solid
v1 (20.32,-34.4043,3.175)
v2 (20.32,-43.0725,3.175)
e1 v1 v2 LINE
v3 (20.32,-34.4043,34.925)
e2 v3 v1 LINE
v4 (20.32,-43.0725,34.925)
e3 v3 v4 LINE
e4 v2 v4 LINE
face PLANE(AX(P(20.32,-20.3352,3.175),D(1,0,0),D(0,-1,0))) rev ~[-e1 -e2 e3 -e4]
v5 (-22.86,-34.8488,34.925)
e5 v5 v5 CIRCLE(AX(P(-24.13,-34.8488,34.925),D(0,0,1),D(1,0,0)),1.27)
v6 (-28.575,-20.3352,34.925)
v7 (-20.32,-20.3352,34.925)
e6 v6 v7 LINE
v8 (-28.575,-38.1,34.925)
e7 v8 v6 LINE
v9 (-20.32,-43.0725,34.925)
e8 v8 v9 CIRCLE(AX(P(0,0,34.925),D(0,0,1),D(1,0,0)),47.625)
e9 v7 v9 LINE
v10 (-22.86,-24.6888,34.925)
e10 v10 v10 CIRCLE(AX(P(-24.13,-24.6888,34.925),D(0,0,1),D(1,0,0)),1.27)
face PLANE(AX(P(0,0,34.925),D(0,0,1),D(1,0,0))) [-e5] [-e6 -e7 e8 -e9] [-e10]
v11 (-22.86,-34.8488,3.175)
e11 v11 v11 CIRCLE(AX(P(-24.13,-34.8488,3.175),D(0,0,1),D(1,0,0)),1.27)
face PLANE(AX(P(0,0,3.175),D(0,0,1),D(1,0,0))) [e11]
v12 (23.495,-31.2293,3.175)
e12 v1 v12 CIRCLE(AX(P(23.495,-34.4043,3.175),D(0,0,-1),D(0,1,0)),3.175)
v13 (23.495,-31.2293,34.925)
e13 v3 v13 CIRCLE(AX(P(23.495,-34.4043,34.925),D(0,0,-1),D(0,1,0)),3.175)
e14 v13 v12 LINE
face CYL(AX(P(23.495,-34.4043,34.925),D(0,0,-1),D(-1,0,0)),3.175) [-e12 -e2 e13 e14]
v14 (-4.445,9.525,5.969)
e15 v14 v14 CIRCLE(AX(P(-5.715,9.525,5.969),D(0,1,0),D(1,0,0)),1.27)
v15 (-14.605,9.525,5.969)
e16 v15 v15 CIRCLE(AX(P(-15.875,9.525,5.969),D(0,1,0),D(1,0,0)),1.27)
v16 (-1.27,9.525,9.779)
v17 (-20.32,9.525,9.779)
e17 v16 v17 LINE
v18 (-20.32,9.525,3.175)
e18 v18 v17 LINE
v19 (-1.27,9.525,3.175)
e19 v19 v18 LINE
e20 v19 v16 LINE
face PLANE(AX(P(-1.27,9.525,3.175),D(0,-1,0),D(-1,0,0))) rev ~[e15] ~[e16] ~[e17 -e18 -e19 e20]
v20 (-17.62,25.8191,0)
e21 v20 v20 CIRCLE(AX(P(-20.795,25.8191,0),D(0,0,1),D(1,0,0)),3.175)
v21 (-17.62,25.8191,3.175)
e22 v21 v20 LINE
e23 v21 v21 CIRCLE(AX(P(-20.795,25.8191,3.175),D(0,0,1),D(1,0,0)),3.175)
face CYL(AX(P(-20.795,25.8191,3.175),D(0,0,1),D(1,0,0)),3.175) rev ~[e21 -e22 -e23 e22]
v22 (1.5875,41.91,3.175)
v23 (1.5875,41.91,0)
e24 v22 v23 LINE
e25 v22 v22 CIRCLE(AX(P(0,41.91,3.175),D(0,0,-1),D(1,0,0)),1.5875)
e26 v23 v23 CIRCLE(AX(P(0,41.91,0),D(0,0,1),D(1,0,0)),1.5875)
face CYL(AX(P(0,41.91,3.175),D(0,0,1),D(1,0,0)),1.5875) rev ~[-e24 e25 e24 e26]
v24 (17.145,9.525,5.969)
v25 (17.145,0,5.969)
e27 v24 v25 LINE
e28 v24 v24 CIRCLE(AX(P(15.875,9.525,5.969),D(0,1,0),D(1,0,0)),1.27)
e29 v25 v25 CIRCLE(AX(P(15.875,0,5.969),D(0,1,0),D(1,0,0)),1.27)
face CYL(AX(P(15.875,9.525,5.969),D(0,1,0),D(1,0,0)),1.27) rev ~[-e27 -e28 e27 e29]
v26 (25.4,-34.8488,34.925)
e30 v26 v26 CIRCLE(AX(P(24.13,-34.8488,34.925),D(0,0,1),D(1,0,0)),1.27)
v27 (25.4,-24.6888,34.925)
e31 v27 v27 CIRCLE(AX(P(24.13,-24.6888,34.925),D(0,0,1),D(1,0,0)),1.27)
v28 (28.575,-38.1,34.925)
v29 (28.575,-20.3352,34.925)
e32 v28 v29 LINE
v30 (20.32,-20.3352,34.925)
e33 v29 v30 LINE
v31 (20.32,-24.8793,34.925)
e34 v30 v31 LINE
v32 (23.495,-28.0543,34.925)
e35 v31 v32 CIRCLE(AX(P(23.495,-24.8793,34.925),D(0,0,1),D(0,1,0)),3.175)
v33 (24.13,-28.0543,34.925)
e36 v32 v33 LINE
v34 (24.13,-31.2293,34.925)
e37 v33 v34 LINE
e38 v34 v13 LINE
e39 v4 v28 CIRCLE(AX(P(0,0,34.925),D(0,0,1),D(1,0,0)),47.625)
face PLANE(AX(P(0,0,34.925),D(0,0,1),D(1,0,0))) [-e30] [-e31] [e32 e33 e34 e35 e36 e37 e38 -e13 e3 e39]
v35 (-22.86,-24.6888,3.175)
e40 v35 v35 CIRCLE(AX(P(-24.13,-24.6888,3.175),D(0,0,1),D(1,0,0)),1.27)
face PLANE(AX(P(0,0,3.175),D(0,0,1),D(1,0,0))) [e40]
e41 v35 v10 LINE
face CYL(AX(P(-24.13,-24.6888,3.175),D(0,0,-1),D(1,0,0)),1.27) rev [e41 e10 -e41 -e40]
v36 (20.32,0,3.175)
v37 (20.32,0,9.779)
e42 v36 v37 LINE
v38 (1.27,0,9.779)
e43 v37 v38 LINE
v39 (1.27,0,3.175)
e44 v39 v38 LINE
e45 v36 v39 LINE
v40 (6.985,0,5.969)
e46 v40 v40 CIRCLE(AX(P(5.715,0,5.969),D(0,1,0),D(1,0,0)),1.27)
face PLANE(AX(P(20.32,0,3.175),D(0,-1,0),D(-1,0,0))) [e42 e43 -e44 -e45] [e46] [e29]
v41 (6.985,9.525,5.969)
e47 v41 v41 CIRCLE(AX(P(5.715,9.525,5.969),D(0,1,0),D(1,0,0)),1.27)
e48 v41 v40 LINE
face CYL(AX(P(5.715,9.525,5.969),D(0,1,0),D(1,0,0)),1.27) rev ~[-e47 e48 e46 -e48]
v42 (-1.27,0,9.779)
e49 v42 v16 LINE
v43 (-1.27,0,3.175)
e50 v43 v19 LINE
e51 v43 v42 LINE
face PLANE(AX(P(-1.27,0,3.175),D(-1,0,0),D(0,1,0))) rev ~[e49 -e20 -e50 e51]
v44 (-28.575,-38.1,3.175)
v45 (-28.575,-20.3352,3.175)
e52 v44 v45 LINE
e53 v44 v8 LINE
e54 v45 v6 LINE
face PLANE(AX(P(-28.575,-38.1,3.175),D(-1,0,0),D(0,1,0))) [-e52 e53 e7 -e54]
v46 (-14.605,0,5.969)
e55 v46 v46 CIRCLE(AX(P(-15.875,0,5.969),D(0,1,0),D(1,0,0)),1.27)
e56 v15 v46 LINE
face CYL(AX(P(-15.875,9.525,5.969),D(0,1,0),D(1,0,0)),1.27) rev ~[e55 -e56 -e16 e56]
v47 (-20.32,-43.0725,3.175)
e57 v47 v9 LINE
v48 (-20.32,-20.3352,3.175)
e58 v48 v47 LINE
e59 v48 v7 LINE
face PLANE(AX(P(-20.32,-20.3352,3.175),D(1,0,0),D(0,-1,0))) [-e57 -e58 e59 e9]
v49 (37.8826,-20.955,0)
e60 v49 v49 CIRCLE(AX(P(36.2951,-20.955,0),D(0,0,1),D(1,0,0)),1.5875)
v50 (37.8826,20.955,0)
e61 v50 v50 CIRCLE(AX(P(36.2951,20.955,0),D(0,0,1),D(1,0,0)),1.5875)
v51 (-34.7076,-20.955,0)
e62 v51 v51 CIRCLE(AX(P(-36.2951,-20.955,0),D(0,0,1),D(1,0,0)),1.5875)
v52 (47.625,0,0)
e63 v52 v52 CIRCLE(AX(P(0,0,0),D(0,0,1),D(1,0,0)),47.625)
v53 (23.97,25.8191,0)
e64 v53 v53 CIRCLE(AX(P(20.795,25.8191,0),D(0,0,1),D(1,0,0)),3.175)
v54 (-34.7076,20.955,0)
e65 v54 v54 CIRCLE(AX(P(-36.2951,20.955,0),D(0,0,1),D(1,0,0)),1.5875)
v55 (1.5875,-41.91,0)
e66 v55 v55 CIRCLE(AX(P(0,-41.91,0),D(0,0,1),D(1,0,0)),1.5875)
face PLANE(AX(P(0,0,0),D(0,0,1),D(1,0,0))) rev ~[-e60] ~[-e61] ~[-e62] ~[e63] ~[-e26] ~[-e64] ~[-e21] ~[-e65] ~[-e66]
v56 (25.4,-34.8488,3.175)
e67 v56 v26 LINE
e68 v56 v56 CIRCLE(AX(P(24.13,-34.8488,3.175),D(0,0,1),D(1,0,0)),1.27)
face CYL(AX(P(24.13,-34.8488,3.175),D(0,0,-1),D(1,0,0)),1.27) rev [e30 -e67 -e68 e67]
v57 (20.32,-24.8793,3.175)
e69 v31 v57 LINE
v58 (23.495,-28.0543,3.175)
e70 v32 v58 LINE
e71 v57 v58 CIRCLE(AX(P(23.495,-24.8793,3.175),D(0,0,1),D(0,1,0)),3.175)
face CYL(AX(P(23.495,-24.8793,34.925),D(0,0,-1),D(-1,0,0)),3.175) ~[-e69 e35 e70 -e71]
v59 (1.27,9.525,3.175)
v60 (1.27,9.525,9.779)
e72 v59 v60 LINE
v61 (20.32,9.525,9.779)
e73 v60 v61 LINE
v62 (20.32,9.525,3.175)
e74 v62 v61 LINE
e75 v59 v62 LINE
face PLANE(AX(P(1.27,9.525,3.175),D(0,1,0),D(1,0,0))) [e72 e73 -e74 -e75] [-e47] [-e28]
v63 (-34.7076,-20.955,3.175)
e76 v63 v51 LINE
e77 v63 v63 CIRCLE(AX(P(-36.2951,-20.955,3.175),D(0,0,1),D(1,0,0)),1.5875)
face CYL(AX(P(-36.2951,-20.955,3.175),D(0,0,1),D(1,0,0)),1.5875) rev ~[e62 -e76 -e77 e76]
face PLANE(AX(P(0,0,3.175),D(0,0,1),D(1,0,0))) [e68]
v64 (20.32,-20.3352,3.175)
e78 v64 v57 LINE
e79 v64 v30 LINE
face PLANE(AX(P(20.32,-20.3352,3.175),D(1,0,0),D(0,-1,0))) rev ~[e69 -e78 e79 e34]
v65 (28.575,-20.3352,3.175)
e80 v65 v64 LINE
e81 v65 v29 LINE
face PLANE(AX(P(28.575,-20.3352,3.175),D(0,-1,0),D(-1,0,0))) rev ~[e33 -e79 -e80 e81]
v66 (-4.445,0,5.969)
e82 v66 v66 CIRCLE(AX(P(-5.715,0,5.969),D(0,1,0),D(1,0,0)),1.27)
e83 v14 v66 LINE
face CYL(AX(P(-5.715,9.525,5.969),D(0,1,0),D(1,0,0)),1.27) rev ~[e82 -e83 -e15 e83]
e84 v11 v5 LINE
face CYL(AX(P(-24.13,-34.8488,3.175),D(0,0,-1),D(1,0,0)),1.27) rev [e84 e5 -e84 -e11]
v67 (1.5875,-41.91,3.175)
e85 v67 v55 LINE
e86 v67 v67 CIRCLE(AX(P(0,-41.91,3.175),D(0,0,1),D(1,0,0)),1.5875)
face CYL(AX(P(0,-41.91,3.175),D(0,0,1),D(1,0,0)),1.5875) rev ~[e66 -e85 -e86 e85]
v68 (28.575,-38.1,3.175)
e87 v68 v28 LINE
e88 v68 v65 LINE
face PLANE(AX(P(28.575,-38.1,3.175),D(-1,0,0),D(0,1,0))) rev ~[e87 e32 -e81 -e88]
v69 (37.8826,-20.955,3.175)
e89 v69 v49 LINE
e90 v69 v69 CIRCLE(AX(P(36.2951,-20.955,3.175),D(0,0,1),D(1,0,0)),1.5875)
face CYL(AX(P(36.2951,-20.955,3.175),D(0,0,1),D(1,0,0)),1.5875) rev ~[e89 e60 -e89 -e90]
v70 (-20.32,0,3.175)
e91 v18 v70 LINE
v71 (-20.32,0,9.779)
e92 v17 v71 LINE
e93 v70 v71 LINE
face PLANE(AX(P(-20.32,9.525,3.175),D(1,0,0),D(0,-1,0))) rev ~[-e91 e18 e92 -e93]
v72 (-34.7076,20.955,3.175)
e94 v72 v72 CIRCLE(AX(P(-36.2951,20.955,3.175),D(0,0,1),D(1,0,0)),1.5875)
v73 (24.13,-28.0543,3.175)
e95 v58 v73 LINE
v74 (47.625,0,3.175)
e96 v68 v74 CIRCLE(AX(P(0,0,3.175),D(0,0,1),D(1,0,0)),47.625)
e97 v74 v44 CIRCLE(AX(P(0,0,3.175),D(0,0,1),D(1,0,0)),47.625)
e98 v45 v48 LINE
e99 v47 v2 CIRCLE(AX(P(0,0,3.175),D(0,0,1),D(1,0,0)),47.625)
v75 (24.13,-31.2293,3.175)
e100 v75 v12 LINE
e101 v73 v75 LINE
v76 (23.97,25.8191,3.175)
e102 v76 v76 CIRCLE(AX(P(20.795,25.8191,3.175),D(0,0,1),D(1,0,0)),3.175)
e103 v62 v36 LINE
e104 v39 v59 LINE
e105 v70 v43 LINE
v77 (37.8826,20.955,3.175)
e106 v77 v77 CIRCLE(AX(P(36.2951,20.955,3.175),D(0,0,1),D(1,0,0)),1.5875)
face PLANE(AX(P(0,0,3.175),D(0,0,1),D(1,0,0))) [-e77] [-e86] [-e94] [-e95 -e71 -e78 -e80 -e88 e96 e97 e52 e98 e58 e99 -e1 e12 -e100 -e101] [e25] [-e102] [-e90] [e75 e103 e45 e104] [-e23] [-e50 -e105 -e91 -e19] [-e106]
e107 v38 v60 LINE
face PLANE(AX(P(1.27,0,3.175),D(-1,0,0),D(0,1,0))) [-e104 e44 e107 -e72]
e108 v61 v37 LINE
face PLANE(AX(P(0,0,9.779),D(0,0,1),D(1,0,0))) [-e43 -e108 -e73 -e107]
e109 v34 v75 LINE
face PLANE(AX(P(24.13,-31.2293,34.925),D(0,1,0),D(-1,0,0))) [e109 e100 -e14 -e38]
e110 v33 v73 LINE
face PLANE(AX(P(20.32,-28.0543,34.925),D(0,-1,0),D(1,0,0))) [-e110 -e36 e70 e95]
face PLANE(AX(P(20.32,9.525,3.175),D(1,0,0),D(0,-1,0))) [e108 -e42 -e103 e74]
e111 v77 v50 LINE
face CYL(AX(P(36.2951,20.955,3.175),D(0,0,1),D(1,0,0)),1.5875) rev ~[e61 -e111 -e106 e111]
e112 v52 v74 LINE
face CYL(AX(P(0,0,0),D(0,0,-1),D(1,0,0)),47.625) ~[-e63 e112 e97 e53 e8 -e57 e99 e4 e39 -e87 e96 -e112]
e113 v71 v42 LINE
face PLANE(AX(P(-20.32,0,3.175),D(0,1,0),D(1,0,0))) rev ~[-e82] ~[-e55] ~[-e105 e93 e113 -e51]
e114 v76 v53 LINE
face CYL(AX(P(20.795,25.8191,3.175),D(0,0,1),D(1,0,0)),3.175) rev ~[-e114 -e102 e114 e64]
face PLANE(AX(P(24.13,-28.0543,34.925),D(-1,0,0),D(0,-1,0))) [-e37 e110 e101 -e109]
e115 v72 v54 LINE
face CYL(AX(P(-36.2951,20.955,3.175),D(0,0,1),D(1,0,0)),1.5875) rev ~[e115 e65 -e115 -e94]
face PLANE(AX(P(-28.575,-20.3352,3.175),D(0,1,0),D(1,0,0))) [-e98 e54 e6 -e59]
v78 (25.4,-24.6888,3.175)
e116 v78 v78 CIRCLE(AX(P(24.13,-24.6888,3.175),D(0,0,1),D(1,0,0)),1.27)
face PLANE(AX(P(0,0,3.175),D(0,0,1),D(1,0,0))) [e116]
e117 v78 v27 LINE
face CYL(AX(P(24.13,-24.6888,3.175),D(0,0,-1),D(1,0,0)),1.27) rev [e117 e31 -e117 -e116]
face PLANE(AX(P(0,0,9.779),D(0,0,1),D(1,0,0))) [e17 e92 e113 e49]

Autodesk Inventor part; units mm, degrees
ref_plane "YZ Plane" through (0, 0, 0) normal (1, 0, 0) x (0, 1, 0)
ref_plane "XZ Plane" through (0, 0, 0) normal (0, 1, 0) x (-1, 0, 0)
ref_plane "XY Plane" through (0, 0, 0) normal (0, 0, 1) x (1, 0, 0)
sketch "Sketch1" plane through (0, 0, 0) normal (0, 0, 1) x (1, 0, 0)
  circle A0 centre (0, 0) radius 47.625
  dimension "d0" = 95.25
extrude "Extrusion1" add sketch "Sketch1" along normal blind 3.175
sketch "Sketch3" plane through (0, 0, 3.175) normal (0, 0, 1) x (1, 0, 0)
  line L0 (1.27, 9.525) -> (20.32, 9.525)
  line L1 (20.32, 9.525) -> (20.32, 0)
  line L2 (20.32, 0) -> (1.27, 0)
  line L3 (1.27, 0) -> (1.27, 9.525)
  line L4 (0, 0) -> (0, -11.0035)
  line L5 (-1.27, 9.525) -> (-20.32, 9.525)
  line L6 (-20.32, 9.525) -> (-20.32, 0)
  line L7 (-20.32, 0) -> (-1.27, 0)
  line L8 (-1.27, 0) -> (-1.27, 9.525)
  dimension "d11" = 19.05
  dimension "d12" = 9.525
  dimension "d13" = 1.27
  dimension "d14" = 0
extrude "Extrusion3" add sketch "Sketch3" along normal blind 6.604
sketch "Sketch4" plane through (1.27, 9.525, 3.175) normal (0, 1, 0) x (1, 0, 0)
  circle A0 centre (4.445, -2.794) radius 1.27
  line L0 (19.05, -6.604) -> (0, -6.604) projected
  circle A1 centre (14.605, -2.794) radius 1.27
  line L1 (9.525, -6.604) -> (9.525, -7.9119)
  line L2 (-1.27, 3.175) -> (-1.27, 8.3959)
  circle A2 centre (-6.985, -2.794) radius 1.27
  circle A3 centre (-17.145, -2.794) radius 1.27
  dimension "d17" = 2.54
  dimension "d18" = 3.81
  dimension "d19" = 2.54
  dimension "d20" = 3.81
  dimension "d21" = 10.16
  dimension "d22" = 5.08
extrude "Extrusion4" cut sketch "Sketch4" against normal through all
sketch "Sketch5" plane through (0, 0, 3.175) normal (0, 0, 1) x (1, 0, 0)
  circle A0 centre (20.795, 25.8191) radius 3.175
  line L0 (0, 0) -> (0, 16.9345)
  circle A1 centre (-20.795, 25.8191) radius 3.175
  dimension "d25" = 6.35
  dimension "d26" = 20.795
  dimension "d27" = 25.8191
extrude "Extrusion5" cut sketch "Sketch5" against normal blind 25.4
sketch "Sketch6" plane through (0, 0, 3.175) normal (0, 0, 1) x (1, 0, 0)
  line L0 (0, 0) -> (0, 41.91)
  circle A0 centre (0, 41.91) radius 1.5875
  circle A1 centre (-36.2951, 20.955) radius 1.5875
  circle A2 centre (-36.2951, -20.955) radius 1.5875
  circle A3 centre (0, -41.91) radius 1.5875
  circle A4 centre (36.2951, -20.955) radius 1.5875
  circle A5 centre (36.2951, 20.955) radius 1.5875
  dimension "d30" = 41.91
  dimension "d31" = 3.175
  dimension "d34" = 360
extrude "Extrusion6" cut sketch "Sketch6" against normal blind 25.4
sketch "Sketch7" plane through (0, 0, 3.175) normal (0, 0, 1) x (1, 0, 0)
  line L0 (-28.575, -20.3352) -> (-20.32, -20.3352)
  line L1 (-20.32, -20.3352) -> (-20.32, -43.0725)
  line L2 (-28.575, -38.1) -> (-28.575, -20.3352)
  circle A0 centre (-24.13, -24.6888) radius 1.27
  circle A1 centre (-24.13, -34.8488) radius 1.27
  circle A2 centre (0, 0) radius 47.625 projected
  line L3 (0, 0) -> (0, -12.4863)
  line L4 (28.575, -20.3352) -> (20.32, -20.3352)
  line L5 (20.32, -20.3352) -> (20.32, -43.0725)
  line L6 (28.575, -38.1) -> (28.575, -20.3352)
  circle A3 centre (24.13, -24.6888) radius 1.27
  circle A4 centre (24.13, -34.8488) radius 1.27
  arc A5 (20.32, -43.0725) -> (28.575, -38.1) centre (0, 0) ccw
  dimension "d38" = 20.32
  dimension "d39" = 2.54
  dimension "d40" = 2.54
  dimension "d41" = 24.6888
  dimension "d42" = 10.16
  dimension "d43" = 3.81
  dimension "d44" = 8.255
extrude "Extrusion7" add sketch "Sketch7" along normal blind 31.75 contours L0 L1 A2 L2 | L5 L4 L6 A2
sketch "Sketch8" plane through (0, 0, 34.925) normal (0, 0, 1) x (1, 0, 0)
  circle A0 centre (24.13, -24.6888) radius 1.27 projected
  circle A1 centre (24.13, -34.8488) radius 1.27 projected
  line L0 (20.32, -20.3352) -> (20.32, -43.0725) projected
  line L1 (20.32, -43.0725) -> (20.32, -20.3352) projected
  line L2 (24.13, -31.2293) -> (20.32, -31.2293)
  line L3 (20.32, -31.2293) -> (20.32, -28.0543)
  line L4 (20.32, -28.0543) -> (24.13, -28.0543)
  line L5 (24.13, -28.0543) -> (24.13, -31.2293)
  point P0 (0, 0)
  dimension "d47" = 3.175
  dimension "d48" = 3.3655
extrude "Extrusion8" cut sketch "Sketch8" against normal up to surface (31.75 mm away) contours L4 L5 L2 L0
fillet "Fillet1" radius 3.175 2 edges at (20.32, -28.0543, 19.05) (20.32, -31.2293, 19.05)
properties part number "rearServoAttachmentPlate" material "ABS Plastic"
